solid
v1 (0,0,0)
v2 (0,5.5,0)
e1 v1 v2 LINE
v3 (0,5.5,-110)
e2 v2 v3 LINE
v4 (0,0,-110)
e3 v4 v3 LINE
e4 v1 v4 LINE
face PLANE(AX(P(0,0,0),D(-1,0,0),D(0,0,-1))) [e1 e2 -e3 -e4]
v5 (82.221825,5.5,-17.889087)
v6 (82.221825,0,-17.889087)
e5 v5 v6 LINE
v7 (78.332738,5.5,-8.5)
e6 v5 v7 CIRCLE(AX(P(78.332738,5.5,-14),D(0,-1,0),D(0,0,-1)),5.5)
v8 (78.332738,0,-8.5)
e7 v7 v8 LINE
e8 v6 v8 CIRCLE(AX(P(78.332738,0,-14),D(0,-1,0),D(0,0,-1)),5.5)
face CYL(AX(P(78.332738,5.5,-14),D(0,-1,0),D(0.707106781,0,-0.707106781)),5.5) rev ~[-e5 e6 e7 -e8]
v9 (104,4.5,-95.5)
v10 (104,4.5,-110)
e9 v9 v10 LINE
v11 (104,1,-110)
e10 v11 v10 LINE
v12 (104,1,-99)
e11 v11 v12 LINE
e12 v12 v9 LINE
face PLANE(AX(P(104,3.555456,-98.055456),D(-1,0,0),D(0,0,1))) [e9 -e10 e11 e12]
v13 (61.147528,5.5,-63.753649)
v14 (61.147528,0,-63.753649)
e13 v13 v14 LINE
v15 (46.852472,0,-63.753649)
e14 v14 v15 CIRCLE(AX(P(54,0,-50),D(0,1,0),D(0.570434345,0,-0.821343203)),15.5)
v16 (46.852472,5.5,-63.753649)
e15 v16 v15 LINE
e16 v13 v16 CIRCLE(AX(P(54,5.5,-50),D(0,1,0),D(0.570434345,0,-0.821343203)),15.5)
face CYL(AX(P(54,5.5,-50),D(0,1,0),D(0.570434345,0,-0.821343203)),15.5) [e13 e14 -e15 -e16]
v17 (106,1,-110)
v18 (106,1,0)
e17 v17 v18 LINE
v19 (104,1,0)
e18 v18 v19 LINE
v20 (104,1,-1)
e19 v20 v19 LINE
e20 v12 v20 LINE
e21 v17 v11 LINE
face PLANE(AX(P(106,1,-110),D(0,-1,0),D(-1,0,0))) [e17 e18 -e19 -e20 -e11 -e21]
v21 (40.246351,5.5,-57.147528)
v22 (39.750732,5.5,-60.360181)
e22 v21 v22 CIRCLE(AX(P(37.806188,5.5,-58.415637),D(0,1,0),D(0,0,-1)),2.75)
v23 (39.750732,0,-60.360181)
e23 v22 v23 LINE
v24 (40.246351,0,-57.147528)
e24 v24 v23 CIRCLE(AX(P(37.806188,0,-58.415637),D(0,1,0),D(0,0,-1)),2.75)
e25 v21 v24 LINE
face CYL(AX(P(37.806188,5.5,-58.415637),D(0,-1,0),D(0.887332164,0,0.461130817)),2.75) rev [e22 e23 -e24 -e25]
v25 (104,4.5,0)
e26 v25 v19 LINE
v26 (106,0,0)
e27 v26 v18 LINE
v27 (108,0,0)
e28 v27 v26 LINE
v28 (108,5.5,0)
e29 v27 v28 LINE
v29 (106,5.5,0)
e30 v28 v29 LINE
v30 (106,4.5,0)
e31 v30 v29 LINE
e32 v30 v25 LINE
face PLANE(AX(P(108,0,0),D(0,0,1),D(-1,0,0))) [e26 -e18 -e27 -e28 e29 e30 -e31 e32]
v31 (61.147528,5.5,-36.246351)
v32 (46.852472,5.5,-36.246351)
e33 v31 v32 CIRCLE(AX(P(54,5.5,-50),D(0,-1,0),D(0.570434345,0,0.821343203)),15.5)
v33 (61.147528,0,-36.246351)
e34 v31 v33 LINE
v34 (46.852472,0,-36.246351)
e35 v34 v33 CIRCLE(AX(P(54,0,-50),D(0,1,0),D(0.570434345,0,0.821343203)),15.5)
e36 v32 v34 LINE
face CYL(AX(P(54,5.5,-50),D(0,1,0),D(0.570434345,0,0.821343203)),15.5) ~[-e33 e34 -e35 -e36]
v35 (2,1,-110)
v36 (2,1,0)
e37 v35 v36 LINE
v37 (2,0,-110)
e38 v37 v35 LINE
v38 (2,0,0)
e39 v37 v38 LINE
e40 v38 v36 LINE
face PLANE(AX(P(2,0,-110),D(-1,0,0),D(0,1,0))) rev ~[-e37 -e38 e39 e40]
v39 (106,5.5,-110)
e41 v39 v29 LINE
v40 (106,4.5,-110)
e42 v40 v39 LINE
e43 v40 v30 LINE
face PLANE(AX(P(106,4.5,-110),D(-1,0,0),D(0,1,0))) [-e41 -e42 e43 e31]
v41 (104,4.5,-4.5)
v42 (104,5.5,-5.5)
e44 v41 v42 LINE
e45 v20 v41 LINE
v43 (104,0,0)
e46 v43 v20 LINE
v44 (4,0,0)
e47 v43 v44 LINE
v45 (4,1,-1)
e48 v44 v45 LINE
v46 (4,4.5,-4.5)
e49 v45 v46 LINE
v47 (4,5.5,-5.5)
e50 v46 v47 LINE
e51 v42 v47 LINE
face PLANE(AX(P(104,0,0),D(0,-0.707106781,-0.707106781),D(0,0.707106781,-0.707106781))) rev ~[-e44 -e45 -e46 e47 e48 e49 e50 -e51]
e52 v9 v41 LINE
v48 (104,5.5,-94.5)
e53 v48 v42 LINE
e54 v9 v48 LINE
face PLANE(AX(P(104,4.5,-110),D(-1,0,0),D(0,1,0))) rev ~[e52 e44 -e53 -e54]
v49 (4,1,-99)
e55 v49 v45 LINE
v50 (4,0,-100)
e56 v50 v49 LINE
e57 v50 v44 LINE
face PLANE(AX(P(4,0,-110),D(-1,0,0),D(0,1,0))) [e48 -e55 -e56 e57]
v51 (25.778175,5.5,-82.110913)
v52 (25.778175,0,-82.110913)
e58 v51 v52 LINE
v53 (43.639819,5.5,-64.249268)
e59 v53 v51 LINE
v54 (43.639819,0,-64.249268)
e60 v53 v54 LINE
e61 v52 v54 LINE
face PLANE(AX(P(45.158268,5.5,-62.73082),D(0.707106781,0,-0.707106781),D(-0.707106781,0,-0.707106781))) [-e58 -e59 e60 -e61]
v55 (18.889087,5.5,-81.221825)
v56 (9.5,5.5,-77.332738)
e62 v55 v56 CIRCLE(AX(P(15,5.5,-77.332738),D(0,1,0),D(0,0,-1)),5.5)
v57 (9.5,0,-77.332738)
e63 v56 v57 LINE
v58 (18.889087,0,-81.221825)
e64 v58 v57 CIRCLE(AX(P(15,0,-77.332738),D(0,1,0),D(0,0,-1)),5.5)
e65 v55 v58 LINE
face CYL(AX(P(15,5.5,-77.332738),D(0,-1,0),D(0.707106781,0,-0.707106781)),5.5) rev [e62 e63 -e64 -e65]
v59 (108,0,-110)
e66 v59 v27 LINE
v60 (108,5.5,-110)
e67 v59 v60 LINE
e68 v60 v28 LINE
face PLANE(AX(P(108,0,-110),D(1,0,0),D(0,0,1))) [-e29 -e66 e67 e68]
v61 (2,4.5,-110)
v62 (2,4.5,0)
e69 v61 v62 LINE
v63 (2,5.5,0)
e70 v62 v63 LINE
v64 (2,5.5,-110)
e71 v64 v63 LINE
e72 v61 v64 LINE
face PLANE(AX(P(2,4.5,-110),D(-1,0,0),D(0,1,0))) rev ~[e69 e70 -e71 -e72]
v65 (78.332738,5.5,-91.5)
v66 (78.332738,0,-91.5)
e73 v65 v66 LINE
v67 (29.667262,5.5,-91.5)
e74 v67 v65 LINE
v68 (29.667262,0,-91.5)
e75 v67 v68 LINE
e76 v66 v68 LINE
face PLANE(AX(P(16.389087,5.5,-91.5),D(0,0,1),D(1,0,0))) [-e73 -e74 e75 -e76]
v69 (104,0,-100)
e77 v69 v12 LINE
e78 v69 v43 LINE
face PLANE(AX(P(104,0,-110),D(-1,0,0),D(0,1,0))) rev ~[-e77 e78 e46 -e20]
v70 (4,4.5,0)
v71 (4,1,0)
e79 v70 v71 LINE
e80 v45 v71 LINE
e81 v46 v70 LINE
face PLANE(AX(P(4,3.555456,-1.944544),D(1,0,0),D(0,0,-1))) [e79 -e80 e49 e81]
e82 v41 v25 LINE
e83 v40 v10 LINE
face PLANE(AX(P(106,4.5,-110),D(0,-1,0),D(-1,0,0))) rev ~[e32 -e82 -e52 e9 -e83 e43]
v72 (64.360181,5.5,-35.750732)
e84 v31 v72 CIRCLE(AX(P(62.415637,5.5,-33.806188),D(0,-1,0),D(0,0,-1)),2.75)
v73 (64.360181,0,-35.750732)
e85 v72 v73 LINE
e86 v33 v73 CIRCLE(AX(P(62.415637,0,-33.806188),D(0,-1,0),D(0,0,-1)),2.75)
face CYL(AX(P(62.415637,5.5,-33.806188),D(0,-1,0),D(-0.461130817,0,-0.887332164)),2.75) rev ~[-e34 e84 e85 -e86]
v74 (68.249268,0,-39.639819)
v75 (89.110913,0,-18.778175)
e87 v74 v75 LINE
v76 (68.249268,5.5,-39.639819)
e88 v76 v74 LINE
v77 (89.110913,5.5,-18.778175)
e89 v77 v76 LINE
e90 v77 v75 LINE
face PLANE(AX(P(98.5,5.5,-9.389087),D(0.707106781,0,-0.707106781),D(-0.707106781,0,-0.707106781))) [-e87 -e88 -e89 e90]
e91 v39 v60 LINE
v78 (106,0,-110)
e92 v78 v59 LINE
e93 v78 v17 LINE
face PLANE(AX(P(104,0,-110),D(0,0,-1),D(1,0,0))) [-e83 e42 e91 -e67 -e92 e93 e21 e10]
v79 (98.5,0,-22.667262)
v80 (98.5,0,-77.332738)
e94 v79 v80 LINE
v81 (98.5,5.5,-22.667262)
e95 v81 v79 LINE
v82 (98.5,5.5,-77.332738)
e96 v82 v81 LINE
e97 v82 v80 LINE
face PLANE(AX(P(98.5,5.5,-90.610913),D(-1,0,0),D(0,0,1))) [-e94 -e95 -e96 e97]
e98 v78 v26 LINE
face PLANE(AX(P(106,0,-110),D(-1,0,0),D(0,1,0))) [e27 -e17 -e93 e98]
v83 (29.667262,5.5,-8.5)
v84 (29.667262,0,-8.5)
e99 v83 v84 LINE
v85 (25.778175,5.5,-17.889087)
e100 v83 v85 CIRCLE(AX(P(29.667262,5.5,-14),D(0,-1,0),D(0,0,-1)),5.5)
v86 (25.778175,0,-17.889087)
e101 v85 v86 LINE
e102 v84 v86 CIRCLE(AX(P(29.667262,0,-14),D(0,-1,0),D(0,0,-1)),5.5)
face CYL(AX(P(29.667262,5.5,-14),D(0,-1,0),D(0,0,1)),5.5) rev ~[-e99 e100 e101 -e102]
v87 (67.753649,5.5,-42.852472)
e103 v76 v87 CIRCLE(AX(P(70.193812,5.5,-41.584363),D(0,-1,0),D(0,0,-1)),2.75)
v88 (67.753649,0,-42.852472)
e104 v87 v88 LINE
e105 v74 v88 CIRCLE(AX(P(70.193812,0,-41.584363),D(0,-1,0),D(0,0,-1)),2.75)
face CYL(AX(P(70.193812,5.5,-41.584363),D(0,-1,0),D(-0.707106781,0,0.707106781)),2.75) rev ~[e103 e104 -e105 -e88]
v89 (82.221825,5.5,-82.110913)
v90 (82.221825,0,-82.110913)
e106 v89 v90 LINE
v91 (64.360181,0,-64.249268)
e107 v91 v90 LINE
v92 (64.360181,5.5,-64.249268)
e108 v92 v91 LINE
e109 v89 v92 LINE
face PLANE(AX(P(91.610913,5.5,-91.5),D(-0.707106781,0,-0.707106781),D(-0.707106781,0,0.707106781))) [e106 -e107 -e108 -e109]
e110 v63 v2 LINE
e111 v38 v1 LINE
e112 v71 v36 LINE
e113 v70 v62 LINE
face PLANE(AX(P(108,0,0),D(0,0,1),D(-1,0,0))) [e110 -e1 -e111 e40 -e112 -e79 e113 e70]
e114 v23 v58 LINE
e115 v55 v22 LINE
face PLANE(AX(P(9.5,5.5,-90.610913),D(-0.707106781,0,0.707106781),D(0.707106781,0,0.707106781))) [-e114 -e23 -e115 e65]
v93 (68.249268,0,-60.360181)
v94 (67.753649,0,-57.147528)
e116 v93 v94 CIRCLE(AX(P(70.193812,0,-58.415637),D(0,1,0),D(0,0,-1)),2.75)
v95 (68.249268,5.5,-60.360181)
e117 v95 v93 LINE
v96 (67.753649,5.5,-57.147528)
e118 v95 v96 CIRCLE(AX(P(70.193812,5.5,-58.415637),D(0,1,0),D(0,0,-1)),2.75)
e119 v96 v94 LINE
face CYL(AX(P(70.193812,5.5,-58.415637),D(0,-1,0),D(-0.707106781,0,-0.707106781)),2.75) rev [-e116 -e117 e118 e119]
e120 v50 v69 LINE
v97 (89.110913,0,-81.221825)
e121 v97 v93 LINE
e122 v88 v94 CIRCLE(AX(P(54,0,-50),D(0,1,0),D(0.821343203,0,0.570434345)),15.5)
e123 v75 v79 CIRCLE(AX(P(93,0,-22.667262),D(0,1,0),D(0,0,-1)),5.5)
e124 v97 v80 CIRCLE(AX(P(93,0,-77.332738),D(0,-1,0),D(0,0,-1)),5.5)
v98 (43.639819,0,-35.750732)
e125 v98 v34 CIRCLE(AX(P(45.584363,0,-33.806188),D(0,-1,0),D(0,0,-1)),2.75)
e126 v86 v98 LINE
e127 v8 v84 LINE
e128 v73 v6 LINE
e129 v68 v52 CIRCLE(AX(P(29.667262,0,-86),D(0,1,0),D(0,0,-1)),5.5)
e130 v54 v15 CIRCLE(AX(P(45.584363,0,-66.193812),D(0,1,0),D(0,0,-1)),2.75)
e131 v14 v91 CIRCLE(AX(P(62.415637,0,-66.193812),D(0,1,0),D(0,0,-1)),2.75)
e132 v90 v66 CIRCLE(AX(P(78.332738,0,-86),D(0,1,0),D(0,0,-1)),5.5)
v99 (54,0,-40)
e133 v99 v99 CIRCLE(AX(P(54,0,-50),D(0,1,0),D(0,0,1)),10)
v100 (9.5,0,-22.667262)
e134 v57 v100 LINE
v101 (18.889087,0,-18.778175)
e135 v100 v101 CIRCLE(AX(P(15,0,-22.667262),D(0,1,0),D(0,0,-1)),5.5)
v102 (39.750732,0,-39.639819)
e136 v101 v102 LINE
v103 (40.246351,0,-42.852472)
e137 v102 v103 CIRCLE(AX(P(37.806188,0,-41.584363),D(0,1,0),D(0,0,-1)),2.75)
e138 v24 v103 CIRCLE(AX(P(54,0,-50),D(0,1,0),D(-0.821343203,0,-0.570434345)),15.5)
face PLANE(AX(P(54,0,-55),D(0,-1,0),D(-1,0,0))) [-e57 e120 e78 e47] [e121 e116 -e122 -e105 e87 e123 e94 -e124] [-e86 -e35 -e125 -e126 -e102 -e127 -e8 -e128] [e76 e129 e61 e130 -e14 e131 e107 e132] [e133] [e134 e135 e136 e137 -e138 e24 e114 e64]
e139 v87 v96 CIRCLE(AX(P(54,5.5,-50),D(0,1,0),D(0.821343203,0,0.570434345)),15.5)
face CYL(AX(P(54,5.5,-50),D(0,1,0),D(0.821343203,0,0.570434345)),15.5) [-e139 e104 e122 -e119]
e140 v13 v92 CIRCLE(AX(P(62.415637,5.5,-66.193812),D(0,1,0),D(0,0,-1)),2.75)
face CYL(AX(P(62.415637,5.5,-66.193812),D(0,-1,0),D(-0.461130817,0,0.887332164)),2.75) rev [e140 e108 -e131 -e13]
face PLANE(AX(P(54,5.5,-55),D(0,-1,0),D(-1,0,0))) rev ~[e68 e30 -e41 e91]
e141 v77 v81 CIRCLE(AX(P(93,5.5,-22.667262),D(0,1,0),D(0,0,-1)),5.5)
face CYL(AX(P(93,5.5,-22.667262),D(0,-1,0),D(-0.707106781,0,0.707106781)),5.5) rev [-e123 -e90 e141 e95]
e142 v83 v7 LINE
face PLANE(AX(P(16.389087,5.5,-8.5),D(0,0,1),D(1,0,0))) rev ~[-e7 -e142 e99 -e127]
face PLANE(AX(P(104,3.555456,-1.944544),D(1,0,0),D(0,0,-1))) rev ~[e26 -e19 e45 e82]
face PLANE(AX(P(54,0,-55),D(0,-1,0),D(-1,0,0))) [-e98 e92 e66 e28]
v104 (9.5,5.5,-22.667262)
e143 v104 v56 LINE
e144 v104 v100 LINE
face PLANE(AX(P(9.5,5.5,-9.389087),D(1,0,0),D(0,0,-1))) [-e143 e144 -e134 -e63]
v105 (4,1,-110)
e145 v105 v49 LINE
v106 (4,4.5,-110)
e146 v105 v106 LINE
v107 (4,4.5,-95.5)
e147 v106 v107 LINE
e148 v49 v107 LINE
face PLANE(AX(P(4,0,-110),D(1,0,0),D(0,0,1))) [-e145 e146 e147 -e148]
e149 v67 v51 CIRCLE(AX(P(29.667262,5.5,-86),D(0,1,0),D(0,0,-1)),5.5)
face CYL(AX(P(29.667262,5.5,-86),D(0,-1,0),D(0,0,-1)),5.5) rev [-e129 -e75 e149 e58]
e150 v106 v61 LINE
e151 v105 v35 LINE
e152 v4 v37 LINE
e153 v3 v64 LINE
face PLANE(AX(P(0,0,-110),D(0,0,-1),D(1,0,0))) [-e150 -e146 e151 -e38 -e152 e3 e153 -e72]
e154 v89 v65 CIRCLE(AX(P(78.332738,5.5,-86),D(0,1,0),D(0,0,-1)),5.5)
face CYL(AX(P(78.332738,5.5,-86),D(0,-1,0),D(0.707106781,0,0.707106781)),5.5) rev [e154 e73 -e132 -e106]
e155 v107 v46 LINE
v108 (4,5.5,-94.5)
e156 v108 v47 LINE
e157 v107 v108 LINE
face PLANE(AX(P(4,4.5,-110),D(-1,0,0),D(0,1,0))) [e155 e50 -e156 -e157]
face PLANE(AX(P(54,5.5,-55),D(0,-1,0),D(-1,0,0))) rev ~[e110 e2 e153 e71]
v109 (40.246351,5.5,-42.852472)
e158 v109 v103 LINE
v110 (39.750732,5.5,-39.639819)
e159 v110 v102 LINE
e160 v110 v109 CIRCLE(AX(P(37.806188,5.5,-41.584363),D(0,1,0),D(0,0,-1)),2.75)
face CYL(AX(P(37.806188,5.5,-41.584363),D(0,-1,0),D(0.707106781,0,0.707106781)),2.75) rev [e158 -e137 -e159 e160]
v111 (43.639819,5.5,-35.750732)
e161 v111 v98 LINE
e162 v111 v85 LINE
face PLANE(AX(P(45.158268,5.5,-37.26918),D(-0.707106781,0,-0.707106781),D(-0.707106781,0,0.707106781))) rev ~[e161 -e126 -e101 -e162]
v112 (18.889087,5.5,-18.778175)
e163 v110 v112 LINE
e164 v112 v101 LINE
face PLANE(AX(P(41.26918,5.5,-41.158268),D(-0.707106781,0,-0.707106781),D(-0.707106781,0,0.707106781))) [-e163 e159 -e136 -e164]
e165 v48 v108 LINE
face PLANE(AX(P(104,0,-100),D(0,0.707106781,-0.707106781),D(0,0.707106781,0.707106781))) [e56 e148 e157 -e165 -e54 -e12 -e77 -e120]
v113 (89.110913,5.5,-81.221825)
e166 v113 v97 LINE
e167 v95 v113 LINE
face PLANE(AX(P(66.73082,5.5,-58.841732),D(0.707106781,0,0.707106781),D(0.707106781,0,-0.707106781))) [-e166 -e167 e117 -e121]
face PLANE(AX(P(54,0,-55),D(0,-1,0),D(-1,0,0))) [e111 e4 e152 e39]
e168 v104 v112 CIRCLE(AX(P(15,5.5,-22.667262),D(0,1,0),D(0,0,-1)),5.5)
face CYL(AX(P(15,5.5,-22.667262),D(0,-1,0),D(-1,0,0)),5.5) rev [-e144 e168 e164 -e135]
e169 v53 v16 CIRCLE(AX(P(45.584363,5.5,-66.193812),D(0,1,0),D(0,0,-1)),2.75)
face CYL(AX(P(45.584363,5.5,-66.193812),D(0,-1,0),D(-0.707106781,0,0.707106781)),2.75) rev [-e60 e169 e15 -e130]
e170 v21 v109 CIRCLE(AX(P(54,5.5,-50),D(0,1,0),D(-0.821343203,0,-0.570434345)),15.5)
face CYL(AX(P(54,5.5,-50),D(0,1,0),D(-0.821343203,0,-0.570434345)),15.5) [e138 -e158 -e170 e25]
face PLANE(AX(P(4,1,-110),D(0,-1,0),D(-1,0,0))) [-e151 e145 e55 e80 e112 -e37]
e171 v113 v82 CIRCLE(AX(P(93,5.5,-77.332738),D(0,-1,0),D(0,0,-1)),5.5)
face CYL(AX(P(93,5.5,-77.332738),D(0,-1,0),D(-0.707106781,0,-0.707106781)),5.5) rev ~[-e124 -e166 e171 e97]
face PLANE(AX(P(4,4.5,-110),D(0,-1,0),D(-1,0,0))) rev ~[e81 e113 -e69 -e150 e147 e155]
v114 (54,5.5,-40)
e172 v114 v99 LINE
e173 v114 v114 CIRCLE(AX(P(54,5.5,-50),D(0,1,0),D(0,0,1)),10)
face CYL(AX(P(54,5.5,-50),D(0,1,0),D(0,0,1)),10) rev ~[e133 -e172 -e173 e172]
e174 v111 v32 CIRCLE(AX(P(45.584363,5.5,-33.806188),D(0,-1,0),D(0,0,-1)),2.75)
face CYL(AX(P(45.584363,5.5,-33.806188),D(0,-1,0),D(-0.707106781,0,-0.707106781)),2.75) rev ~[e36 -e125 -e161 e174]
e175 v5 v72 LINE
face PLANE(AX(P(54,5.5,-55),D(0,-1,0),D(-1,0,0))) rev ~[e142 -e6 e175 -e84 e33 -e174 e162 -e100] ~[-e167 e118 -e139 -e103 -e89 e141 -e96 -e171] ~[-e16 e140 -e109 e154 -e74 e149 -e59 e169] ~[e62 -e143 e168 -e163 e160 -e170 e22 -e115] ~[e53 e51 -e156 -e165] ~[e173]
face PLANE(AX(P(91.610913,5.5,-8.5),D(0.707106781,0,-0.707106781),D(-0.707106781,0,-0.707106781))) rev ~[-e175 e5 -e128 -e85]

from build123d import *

# Parameters (mm, degrees)
BOSS_EXTRUDE1_DEPTH = 5.5
SKETCH4_W           = 2
SKETCH4_H           = 1
CUT_EXTRUDE2_DEPTH  = 110
SKETCH5_R           = 10
CUT_EXTRUDE3_DEPTH  = 110
CUT_EXTRUDE4_START  = -4
CUT_EXTRUDE4_DEPTH  = 100
FILLET3_R           = 5.5
FILLET4_R           = 2.75


with BuildPart() as part:
    # Sketch1 → Boss-Extrude1 (new body)
    with BuildSketch(Plane(origin=(0, 0, 0), x_dir=(1, 0, 0), z_dir=(0, 1, 0))):
        Polygon((0, 110), (4, 110), (4, 100), (104, 100), (104, 110), (108, 110), (108, 0), (0, 0), align=None)
    extrude(amount=BOSS_EXTRUDE1_DEPTH)

    # Sketch4 → Cut-Extrude2 (cut)
    with BuildSketch(Plane(origin=(0, 0, -110), x_dir=(-1, 0, 0), z_dir=(0, 0, -1))):
        with Locations((-3, 0.5)):
            Rectangle(SKETCH4_W, SKETCH4_H)
        with Locations((-3, 5)):
            Rectangle(SKETCH4_W, SKETCH4_H)
        with Locations((-105, 5)):
            Rectangle(SKETCH4_W, SKETCH4_H)
        with Locations((-105, 0.5)):
            Rectangle(SKETCH4_W, SKETCH4_H)
    extrude(amount=-CUT_EXTRUDE2_DEPTH, mode=Mode.SUBTRACT)

    # Sketch5 → Cut-Extrude3 (cut)
    with BuildSketch(Plane(origin=(0, 5.5, 0), x_dir=(1, 0, 0), z_dir=(0, 1, 0))):
        with Locations(Location((54, 50, 0), (0, 0, 270))):
            Circle(SKETCH5_R)
        with BuildLine():
            Line((41.269180349, 41.158267646), (9.5, 9.389087297))
            Line((9.5, 9.389087297), (9.5, 90.610912703))
            Line((9.5, 90.610912703), (41.269180349, 58.841732354))
            ThreePointArc((41.269180349, 58.841732354), (38.5, 50), (41.269180349, 41.158267646))
        make_face()
        with BuildLine():
            Line((98.5, 90.610912703), (98.5, 9.389087297))
            Line((98.5, 9.389087297), (66.730819651, 41.158267646))
            ThreePointArc((66.730819651, 41.158267646), (69.5, 50), (66.730819651, 58.841732354))
            Line((66.730819651, 58.841732354), (98.5, 90.610912703))
        make_face()
        with BuildLine():
            Line((45.158267646, 62.730819651), (16.389087297, 91.5))
            Line((16.389087297, 91.5), (91.610912703, 91.5))
            Line((91.610912703, 91.5), (62.841732354, 62.730819651))
            ThreePointArc((62.841732354, 62.730819651), (54, 65.5), (45.158267646, 62.730819651))
        make_face()
        with BuildLine():
            Line((16.389087297, 8.5), (91.610912703, 8.5))
            Line((91.610912703, 8.5), (62.841732354, 37.269180349))
            ThreePointArc((62.841732354, 37.269180349), (54, 34.5), (45.158267646, 37.269180349))
            Line((45.158267646, 37.269180349), (16.389087297, 8.5))
        make_face()
    extrude(amount=-CUT_EXTRUDE3_DEPTH, mode=Mode.SUBTRACT)

    # Sketch6 → Cut-Extrude4 (cut)
    with BuildSketch(Plane(origin=(108, 0, 0), x_dir=(0, 0, -1), z_dir=(1, 0, 0)).offset(CUT_EXTRUDE4_START)):
        Polygon((0, 0), (5.5, 5.5), (0, 5.5), align=None)
        Polygon((100, 5.5), (100, 0), (94.5, 5.5), align=None)
    extrude(amount=-CUT_EXTRUDE4_DEPTH, mode=Mode.SUBTRACT)

    # Fillet3
    fillet3_edges = [part.edges().sort_by_distance(p)[0] for p in [
        (16.389087297, 2.75, -91.5),
        (91.610912703, 2.75, -91.5),
        (9.5, 2.75, -9.389087297),
        (9.5, 2.75, -90.610912703),
        (98.5, 2.75, -90.610912703),
        (98.5, 2.75, -9.389087297),
        (16.389087297, 2.75, -8.5),
        (91.610912703, 2.75, -8.5),
    ]]
    fillet(fillet3_edges, radius=FILLET3_R)

    # Fillet4
    fillet4_edges = [part.edges().sort_by_distance(p)[0] for p in [
        (62.841732354, 2.75, -62.730819651),
        (45.158267646, 2.75, -62.730819651),
        (41.269180349, 2.75, -58.841732354),
        (41.269180349, 2.75, -41.158267646),
        (66.730819651, 2.75, -41.158267646),
        (66.730819651, 2.75, -58.841732354),
        (45.158267646, 2.75, -37.269180349),
        (62.841732354, 2.75, -37.269180349),
    ]]
    fillet(fillet4_edges, radius=FILLET4_R)


solid = part.part
